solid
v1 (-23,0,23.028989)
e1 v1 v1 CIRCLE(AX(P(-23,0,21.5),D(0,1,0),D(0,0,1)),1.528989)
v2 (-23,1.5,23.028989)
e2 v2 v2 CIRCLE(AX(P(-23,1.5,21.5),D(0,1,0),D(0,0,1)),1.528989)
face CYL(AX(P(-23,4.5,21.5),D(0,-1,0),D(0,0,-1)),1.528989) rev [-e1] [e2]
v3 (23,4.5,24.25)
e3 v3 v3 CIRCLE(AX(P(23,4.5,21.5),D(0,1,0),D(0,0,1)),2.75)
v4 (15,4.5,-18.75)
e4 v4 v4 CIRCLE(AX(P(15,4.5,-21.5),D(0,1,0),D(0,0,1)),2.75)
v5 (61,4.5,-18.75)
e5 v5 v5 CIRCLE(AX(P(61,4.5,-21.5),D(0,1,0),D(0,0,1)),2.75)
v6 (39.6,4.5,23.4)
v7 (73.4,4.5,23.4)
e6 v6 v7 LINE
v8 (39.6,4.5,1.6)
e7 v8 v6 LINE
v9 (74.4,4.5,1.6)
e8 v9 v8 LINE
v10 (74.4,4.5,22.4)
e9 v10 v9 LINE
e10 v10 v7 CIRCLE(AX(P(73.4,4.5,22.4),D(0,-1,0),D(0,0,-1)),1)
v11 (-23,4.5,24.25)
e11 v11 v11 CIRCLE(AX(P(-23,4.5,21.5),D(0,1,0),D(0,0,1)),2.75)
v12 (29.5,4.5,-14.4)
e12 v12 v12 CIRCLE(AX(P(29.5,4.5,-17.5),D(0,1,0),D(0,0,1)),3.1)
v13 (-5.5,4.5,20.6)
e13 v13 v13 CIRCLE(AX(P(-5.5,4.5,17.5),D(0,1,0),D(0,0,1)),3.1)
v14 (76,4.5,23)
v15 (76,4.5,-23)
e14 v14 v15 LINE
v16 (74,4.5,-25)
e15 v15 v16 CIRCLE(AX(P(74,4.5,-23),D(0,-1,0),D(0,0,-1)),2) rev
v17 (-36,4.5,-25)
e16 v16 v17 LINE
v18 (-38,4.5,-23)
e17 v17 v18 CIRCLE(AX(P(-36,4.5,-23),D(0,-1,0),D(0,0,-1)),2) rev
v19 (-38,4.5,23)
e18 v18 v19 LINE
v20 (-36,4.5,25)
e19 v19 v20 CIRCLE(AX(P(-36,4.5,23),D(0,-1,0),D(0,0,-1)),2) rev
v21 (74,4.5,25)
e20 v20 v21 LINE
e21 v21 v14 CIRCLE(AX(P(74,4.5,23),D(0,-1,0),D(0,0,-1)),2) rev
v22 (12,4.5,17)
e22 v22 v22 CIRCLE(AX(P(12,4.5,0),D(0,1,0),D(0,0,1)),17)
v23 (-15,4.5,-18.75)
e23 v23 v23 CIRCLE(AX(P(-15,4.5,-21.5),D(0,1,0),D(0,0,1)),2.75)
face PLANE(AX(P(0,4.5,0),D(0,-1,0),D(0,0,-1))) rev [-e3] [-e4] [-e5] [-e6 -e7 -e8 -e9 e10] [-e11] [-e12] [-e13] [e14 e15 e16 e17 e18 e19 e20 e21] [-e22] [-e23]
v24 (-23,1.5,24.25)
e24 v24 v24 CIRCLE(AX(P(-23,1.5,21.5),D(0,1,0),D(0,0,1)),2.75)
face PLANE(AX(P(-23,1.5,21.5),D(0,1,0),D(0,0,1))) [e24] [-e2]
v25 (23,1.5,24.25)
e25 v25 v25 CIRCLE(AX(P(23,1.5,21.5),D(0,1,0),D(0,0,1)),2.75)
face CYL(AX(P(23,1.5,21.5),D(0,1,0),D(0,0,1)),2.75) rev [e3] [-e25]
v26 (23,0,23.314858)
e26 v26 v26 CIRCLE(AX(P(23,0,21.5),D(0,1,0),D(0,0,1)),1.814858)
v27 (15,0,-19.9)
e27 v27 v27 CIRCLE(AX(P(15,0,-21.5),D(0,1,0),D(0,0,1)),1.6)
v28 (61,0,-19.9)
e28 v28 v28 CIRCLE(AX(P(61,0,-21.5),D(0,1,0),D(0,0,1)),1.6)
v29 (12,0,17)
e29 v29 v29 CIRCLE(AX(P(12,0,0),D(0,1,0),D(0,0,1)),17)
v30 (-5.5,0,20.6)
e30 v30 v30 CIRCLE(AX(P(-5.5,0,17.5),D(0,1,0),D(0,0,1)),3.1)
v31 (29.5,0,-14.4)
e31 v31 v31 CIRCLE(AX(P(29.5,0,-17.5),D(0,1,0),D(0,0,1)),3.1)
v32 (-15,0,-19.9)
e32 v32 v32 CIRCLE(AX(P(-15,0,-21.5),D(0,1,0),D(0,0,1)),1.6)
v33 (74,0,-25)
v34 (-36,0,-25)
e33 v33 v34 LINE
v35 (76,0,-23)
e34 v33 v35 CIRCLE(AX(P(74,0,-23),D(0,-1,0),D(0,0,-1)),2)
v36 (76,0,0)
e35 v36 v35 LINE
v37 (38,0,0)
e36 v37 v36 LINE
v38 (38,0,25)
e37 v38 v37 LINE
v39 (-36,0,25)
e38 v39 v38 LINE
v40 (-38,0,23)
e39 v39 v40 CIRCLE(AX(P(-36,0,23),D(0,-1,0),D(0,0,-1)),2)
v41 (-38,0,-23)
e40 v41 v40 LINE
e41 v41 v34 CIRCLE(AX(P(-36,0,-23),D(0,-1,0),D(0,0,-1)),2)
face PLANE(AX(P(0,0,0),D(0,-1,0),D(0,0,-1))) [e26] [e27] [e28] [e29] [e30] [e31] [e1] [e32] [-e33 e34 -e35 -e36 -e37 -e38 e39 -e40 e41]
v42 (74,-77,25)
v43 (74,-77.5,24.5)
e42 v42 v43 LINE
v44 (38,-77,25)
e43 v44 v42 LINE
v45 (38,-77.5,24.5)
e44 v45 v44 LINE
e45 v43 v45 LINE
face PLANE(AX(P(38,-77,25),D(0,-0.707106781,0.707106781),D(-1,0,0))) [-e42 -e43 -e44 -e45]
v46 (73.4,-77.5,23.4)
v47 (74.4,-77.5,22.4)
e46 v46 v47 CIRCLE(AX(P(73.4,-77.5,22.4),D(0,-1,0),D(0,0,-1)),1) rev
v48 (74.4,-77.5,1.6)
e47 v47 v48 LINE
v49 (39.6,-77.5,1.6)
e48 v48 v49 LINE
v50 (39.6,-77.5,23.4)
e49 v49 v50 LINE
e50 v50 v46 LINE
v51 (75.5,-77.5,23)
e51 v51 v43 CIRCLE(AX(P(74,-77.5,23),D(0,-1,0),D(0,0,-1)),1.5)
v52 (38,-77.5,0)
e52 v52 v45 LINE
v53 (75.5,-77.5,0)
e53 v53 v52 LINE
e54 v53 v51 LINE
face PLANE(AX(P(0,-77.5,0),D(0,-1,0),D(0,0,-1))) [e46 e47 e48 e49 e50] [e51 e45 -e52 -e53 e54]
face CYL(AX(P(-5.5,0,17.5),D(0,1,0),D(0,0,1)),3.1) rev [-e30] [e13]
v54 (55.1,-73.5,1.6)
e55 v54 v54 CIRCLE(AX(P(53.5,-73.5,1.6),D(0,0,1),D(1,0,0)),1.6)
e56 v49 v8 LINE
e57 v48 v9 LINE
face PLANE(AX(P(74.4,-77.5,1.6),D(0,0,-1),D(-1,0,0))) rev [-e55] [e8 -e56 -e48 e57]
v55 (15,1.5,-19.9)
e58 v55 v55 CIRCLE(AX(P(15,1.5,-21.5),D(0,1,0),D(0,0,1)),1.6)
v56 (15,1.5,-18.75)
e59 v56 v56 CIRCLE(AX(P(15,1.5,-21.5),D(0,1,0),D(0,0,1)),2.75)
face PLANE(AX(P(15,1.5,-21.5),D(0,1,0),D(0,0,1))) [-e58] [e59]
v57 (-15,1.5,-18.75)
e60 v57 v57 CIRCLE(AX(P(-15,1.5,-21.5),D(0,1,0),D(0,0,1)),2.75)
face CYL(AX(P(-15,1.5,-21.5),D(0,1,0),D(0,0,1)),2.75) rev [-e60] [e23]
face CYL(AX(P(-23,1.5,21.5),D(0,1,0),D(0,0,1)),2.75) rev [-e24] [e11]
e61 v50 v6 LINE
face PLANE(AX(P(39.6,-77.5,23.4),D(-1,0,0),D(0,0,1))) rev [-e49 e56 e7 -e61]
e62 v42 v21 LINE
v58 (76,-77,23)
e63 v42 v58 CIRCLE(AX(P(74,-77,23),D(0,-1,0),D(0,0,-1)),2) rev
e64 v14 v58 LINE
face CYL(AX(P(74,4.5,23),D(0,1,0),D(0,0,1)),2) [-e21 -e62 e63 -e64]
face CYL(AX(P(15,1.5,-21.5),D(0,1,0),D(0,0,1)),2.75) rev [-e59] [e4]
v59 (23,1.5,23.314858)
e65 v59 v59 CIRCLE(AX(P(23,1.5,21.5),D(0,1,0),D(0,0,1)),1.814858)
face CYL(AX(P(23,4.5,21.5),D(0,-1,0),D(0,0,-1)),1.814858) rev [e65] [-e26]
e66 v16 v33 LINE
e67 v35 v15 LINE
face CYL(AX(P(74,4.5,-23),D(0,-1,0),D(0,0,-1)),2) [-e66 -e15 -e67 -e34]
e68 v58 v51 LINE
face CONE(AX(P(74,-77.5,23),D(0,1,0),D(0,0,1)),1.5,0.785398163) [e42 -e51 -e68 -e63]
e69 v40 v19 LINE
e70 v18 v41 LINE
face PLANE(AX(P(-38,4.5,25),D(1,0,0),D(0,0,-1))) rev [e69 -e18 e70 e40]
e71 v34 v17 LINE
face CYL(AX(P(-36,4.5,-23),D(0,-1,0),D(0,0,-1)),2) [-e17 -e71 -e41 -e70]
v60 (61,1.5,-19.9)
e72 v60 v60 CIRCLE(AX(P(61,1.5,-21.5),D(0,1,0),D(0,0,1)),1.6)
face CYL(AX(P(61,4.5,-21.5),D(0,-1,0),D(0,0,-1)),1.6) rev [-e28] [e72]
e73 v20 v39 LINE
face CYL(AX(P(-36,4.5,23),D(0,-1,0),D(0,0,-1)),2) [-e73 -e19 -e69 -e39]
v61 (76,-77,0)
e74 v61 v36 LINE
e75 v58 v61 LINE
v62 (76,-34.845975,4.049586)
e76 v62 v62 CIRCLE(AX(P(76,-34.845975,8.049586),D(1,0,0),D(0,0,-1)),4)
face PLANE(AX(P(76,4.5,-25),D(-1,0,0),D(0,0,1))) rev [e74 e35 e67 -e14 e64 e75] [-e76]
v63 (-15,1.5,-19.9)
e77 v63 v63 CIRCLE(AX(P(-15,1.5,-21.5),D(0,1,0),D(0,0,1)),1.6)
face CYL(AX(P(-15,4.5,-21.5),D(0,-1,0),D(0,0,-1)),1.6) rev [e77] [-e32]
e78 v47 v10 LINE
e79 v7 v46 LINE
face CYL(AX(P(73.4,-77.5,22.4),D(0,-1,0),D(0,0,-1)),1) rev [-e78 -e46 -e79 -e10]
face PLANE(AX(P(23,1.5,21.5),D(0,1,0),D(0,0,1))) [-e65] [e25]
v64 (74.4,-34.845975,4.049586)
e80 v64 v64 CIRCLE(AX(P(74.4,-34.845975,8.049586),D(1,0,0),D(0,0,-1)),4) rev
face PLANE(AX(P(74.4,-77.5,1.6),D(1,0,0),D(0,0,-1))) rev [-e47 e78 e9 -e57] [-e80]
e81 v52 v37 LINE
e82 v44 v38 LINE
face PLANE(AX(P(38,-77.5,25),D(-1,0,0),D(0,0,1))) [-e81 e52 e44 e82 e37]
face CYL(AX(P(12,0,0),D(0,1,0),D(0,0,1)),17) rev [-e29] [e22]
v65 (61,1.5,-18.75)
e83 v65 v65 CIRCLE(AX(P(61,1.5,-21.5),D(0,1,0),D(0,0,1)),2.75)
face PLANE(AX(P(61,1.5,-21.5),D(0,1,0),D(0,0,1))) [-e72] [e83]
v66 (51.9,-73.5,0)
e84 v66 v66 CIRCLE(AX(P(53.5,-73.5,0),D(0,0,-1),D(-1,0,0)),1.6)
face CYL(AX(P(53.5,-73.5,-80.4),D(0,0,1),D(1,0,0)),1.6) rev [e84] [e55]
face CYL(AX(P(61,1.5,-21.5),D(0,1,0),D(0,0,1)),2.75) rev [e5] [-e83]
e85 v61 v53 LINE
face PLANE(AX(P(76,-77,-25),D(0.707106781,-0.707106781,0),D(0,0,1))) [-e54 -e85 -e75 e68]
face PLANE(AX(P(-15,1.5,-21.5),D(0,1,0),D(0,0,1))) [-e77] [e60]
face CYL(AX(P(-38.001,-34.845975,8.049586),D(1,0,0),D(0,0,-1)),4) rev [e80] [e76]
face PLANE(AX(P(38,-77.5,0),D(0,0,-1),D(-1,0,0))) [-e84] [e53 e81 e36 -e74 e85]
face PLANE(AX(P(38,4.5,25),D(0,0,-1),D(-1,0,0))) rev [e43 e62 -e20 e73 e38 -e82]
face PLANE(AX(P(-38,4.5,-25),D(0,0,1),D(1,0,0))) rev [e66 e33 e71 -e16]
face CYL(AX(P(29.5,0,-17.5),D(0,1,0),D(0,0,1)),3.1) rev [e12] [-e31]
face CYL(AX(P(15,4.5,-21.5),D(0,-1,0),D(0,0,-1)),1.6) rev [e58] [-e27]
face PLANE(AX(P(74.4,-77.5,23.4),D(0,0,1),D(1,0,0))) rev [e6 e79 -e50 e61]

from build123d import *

# Parameters (mm, degrees)
CROQUIS1_R              = 1.6
CROQUIS1_R_2            = 1.528989044
CROQUIS1_R_3            = 1.814858399
SALIENTE_EXTRUIR1_DEPTH = 4.5
CROQUIS2_R              = 3.1
CROQUIS2_R_2            = 17
CORTAR_EXTRUIR1_DEPTH   = 5.5
CROQUIS3_R              = 2.75
CORTAR_EXTRUIR2_DEPTH   = 3
CROQUIS4_W              = 38
CROQUIS4_H              = 25
CROQUIS4_W_2            = 34.8
CROQUIS4_H_2            = 21.8
SALIENTE_EXTRUIR2_DEPTH = 82
CROQUIS5_R              = 1.6
CORTAR_EXTRUIR3_DEPTH   = 82
CORTAR_EXTRUIR4_REACH   = 116
CROQUIS6_R              = 4
REDONDEO1_R             = 2
REDONDEO2_R             = 1
CHAFL_N1_SIZE           = 0.5


with BuildPart() as part:
    # Croquis1 → Saliente-Extruir1 (new body)
    with BuildSketch(Plane(origin=(0, 0, 0), x_dir=(1, 0, 0), z_dir=(0, 1, 0))):
        Polygon((76, 25), (76, 0), (38, 0), (38, -25), (-38, -25), (-38, 0), (-38, 25), align=None)
        with Locations((-15, 21.5)):
            Circle(CROQUIS1_R, mode=Mode.SUBTRACT)
        with Locations((15, 21.5)):
            Circle(CROQUIS1_R, mode=Mode.SUBTRACT)
        with Locations((-23, -21.5)):
            Circle(CROQUIS1_R_2, mode=Mode.SUBTRACT)
        with Locations((23, -21.5)):
            Circle(CROQUIS1_R_3, mode=Mode.SUBTRACT)
        with Locations((61, 21.5)):
            Circle(CROQUIS1_R, mode=Mode.SUBTRACT)
    extrude(amount=SALIENTE_EXTRUIR1_DEPTH)

    # Croquis2 → Cortar-Extruir1 (cut, through all)
    with BuildSketch(Plane(origin=(0, 4.5, 0), x_dir=(1, 0, 0), z_dir=(0, 1, 0))):
        with Locations((29.5, 17.5)):
            Circle(CROQUIS2_R)
        with Locations((-5.5, -17.5)):
            Circle(CROQUIS2_R)
        with Locations((12, 0)):
            Circle(CROQUIS2_R_2)
    extrude(amount=-CORTAR_EXTRUIR1_DEPTH, mode=Mode.SUBTRACT)

    # Croquis3 → Cortar-Extruir2 (cut)
    with BuildSketch(Plane(origin=(0, 4.5, 0), x_dir=(1, 0, 0), z_dir=(0, 1, 0))):
        with Locations((-15, 21.5)):
            Circle(CROQUIS3_R)
        with Locations((15, 21.5)):
            Circle(CROQUIS3_R)
        with Locations((61, 21.5)):
            Circle(CROQUIS3_R)
        with Locations((23, -21.5)):
            Circle(CROQUIS3_R)
        with Locations((-23, -21.5)):
            Circle(CROQUIS3_R)
    extrude(amount=-CORTAR_EXTRUIR2_DEPTH, mode=Mode.SUBTRACT)

    # Croquis4 → Saliente-Extruir2 (add)
    with BuildSketch(Plane(origin=(0, 4.5, 0), x_dir=(1, 0, 0), z_dir=(0, 1, 0))):
        with Locations((57, -12.5)):
            Rectangle(CROQUIS4_W, CROQUIS4_H)
        with Locations((57, -12.5)):
            Rectangle(CROQUIS4_W_2, CROQUIS4_H_2, mode=Mode.SUBTRACT)
    extrude(amount=-SALIENTE_EXTRUIR2_DEPTH)

    # Croquis5 → Cortar-Extruir3 (cut)
    with BuildSketch(Plane.XY.offset(1.6)):
        with Locations((53.5, -73.5)):
            Circle(CROQUIS5_R)
    extrude(amount=-CORTAR_EXTRUIR3_DEPTH, mode=Mode.SUBTRACT)

    # Croquis6 → Cortar-Extruir4 (cut, up to next)
    with BuildSketch(Plane(origin=(76, 0, 0), x_dir=(0, 0, -1), z_dir=(1, 0, 0)), mode=Mode.PRIVATE) as cortar_extruir4_sk1:
        with Locations((-8.049586481, -34.845975381)):
            Circle(CROQUIS6_R)
    cortar_extruir4_tool1 = extrude(cortar_extruir4_sk1.sketch, amount=-CORTAR_EXTRUIR4_REACH, mode=Mode.PRIVATE) & part.part
    add(cortar_extruir4_tool1.solids().sort_by_distance((76, -34.845975, 8.049586))[0], mode=Mode.SUBTRACT)

    # Redondeo1
    redondeo1_edges = [part.edges().sort_by_distance(p)[0] for p in [
        (-38, 2.25, 25),
        (-38, 2.25, -25),
        (76, 2.25, -25),
        (76, -36.5, 25),
    ]]
    fillet(redondeo1_edges, radius=REDONDEO1_R)

    # Redondeo2
    redondeo2_edges = [part.edges().sort_by_distance(p)[0] for p in [
        (74.4, -36.5, 23.4),
    ]]
    fillet(redondeo2_edges, radius=REDONDEO2_R)

    # Chaflán1
    chafl_n1_edges = [part.edges().sort_by_distance(p)[0] for p in [
        (76, -77.5, 11.5),
        (75.414213562, -77.5, 24.414213562),
        (56, -77.5, 25),
    ]]
    chamfer(chafl_n1_edges, length=CHAFL_N1_SIZE)


solid = part.part
